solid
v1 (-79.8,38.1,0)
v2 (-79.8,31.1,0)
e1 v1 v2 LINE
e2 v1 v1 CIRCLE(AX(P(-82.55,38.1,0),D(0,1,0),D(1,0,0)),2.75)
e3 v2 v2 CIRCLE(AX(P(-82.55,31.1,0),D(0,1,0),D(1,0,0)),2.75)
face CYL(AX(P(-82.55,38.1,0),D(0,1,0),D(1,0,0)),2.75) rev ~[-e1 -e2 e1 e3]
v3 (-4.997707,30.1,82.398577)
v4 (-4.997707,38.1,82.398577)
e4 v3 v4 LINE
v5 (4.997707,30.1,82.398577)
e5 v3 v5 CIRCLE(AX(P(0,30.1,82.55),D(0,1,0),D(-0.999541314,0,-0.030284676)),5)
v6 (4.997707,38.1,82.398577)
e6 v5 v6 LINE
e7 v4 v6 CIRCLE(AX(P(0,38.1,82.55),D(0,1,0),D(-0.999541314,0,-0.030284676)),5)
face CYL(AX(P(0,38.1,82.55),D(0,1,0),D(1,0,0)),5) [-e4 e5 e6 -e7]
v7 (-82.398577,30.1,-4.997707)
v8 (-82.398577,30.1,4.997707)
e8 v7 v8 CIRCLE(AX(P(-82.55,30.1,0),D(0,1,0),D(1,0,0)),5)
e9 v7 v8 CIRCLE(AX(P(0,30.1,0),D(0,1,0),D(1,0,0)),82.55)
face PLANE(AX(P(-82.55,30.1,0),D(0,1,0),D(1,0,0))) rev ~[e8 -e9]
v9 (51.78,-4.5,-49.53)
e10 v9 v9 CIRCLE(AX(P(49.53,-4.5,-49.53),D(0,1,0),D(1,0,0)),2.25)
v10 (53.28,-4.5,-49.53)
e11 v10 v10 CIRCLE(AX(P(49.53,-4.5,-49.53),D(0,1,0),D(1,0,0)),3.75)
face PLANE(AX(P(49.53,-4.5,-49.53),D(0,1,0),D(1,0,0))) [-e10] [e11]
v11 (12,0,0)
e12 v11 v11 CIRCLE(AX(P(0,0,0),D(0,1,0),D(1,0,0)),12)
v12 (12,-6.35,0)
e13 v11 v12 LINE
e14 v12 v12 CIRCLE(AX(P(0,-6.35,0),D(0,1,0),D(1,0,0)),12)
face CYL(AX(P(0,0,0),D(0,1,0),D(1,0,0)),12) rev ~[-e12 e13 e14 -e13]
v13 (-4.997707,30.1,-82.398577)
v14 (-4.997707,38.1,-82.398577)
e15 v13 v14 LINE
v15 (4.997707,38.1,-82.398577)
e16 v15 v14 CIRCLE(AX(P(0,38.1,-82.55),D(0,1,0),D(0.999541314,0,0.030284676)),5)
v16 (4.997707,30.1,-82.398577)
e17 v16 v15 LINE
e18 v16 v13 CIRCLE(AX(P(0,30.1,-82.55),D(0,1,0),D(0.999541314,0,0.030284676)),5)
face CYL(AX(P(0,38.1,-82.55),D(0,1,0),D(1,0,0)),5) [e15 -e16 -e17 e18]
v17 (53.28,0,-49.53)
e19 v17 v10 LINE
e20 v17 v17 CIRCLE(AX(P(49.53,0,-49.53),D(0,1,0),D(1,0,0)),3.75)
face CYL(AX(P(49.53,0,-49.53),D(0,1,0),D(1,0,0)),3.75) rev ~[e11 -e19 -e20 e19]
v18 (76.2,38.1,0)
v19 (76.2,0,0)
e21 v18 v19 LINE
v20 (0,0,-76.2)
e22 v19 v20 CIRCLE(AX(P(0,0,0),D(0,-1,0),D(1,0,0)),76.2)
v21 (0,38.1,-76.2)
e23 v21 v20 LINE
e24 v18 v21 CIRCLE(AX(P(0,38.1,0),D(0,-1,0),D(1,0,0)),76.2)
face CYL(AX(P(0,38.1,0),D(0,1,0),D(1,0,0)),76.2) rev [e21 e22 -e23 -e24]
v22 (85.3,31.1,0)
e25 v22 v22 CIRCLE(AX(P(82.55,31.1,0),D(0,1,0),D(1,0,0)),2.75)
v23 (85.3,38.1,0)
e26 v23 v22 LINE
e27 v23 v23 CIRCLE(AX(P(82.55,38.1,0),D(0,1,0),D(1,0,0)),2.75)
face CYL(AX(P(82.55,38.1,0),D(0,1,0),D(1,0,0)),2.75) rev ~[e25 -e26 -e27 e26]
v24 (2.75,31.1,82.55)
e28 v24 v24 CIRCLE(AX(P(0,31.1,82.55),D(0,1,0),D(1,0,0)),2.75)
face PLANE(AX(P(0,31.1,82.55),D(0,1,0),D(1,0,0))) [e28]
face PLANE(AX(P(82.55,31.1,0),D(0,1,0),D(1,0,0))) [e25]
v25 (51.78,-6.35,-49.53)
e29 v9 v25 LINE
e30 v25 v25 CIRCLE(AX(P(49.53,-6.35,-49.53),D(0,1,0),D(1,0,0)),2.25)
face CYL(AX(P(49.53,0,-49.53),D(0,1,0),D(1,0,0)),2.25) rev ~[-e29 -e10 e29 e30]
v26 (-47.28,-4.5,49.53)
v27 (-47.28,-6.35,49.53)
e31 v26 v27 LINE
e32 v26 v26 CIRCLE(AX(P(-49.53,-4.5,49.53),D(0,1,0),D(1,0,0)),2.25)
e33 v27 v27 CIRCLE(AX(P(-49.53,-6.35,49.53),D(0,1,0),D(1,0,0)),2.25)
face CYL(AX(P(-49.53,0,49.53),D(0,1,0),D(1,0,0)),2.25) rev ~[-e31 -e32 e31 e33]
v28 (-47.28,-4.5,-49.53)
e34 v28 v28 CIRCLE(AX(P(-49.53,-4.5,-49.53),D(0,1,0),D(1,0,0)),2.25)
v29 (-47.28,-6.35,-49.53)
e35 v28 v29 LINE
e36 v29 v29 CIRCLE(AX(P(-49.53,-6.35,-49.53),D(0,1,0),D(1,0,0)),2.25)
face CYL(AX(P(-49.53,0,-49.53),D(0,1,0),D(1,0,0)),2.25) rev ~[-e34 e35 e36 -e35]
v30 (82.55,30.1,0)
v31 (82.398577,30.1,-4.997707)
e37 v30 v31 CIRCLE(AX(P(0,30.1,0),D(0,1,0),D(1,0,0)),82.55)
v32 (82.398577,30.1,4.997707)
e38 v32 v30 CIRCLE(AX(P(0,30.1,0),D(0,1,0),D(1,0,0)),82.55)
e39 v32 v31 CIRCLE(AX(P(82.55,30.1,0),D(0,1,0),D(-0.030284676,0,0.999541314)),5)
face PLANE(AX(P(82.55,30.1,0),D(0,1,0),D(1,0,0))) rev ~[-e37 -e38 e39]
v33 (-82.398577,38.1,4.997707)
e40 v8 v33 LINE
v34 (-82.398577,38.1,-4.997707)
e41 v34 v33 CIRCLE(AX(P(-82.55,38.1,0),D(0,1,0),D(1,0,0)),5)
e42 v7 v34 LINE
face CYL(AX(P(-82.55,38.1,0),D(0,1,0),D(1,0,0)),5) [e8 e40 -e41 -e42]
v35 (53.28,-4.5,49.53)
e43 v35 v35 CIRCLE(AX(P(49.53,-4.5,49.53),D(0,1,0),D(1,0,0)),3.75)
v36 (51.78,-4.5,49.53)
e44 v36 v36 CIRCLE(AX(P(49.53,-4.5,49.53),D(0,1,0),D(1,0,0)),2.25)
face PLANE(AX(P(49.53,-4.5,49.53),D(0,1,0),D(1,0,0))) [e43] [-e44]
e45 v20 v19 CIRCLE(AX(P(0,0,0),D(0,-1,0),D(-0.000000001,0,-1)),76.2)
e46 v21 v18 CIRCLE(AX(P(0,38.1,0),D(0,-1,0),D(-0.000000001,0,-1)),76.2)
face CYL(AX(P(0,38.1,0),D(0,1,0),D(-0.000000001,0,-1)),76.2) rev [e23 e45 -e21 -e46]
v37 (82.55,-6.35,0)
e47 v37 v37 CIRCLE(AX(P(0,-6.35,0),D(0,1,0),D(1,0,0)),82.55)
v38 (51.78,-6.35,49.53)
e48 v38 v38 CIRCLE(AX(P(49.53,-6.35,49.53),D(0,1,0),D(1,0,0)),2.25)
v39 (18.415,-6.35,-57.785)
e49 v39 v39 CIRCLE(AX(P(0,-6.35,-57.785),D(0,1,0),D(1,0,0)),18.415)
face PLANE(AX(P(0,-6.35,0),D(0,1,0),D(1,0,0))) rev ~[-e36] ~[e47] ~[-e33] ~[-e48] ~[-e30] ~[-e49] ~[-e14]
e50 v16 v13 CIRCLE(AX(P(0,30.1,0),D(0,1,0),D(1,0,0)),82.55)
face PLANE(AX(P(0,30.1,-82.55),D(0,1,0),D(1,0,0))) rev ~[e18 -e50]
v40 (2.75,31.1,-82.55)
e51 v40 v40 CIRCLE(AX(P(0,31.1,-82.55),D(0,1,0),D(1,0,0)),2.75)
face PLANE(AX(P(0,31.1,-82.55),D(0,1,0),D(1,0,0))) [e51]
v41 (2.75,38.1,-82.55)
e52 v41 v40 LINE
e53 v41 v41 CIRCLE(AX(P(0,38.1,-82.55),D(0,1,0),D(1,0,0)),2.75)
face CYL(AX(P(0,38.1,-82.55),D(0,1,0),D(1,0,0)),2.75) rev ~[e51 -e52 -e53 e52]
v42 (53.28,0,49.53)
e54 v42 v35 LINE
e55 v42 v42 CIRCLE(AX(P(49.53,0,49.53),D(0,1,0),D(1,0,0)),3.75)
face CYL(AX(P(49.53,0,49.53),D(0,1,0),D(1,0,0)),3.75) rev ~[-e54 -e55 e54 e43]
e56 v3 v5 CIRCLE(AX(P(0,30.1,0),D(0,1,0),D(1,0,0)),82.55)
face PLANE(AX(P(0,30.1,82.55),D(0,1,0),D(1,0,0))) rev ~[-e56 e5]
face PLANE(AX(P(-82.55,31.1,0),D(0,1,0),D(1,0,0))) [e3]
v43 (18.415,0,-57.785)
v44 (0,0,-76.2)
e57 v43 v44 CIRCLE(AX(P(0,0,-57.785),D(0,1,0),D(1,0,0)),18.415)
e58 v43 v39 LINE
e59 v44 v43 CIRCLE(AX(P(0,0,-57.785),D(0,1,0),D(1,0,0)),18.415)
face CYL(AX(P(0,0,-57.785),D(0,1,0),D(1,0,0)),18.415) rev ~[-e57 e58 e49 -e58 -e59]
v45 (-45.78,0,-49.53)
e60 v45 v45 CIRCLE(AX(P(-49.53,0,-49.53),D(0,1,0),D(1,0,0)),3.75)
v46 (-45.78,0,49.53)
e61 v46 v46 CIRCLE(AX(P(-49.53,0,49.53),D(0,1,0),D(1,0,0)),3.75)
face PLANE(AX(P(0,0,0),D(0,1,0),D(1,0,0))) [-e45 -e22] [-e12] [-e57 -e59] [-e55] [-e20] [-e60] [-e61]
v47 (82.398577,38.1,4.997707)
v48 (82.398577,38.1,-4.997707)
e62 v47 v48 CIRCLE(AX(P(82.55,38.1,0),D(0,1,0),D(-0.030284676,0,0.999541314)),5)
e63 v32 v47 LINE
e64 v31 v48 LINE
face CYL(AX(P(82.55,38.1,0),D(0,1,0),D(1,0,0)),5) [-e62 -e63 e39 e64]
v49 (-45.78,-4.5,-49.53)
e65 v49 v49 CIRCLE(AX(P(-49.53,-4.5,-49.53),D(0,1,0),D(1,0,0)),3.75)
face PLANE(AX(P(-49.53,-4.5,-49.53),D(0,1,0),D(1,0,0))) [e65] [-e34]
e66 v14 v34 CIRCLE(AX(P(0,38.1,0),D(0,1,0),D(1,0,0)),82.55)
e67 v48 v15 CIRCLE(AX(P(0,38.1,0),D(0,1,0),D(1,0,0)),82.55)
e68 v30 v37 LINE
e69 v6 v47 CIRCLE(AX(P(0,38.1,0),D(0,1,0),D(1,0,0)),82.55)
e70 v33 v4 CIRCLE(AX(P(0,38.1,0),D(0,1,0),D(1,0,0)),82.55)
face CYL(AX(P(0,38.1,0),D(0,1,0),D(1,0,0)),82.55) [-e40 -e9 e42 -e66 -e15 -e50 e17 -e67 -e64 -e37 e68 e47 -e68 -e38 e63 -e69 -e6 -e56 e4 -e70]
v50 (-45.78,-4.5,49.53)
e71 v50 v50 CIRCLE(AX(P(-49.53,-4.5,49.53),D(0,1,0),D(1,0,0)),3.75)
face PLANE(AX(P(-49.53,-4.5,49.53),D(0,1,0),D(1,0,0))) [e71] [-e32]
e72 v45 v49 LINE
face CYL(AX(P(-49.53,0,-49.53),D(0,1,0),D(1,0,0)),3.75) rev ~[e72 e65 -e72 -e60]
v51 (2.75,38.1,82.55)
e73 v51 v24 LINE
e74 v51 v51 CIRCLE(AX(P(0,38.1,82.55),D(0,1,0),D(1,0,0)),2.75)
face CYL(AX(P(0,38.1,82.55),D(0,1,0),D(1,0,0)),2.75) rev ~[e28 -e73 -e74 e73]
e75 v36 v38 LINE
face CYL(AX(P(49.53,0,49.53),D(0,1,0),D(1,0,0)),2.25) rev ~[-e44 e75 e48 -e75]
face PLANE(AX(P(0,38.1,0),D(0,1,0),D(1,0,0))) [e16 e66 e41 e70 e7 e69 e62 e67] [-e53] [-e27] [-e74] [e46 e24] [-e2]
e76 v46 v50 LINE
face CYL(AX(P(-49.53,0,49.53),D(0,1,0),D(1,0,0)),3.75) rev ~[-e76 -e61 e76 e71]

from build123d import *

# Parameters (mm, degrees)
SKETCH1_R           = 82.55
SKETCH1_R_2         = 12
SKETCH1_R_3         = 18.415
BOSS_EXTRUDE1_DEPTH = 6.35
BOSS_EXTRUDE2_START = 38.1
SKETCH1_3_R         = 82.55
BOSS_EXTRUDE2_DEPTH = 38.1
SKETCH5_R           = 3.75
SKETCH5_R_2         = 2.25
CUT_EXTRUDE1_DEPTH  = 4.5
SKETCH5_4_R         = 2.25
CUT_EXTRUDE2_DEPTH  = 12.7
SKETCH6_R           = 5
BOSS_EXTRUDE3_DEPTH = 8
SKETCH6_3_R         = 2.75
CUT_EXTRUDE3_DEPTH  = 7


with BuildPart() as part:
    # Sketch1 → Boss-Extrude1 (new body)
    with BuildSketch(Plane(origin=(0, 0, 0), x_dir=(1, 0, 0), z_dir=(0, 1, 0))):
        Circle(SKETCH1_R)
        Circle(SKETCH1_R_2, mode=Mode.SUBTRACT)
        with Locations((0, 57.785)):
            Circle(SKETCH1_R_3, mode=Mode.SUBTRACT)
    extrude(amount=-BOSS_EXTRUDE1_DEPTH)

    # Sketch1<3> → Boss-Extrude2 (add)
    with BuildSketch(Plane(origin=(0, 0, 0), x_dir=(1, 0, 0), z_dir=(0, 1, 0)).offset(BOSS_EXTRUDE2_START)):
        Circle(SKETCH1_3_R)
        with BuildLine():
            ThreePointArc((-4.2e-08, 76.2), (53.881536712, 53.881536741), (76.2, 0))
            ThreePointArc((76.2, 0), (-53.881536712, -53.881536741), (-4.2e-08, 76.2))
        make_face(mode=Mode.SUBTRACT)
    extrude(amount=-BOSS_EXTRUDE2_DEPTH)

    # Sketch5 → Cut-Extrude1 (cut)
    # profile 1 of 4: a face of its own
    with BuildSketch(Plane(origin=(0, 0, 0), x_dir=(1, 0, 0), z_dir=(0, 1, 0))):
        with Locations((-49.53, -49.53)):
            Circle(SKETCH5_R)
        with Locations((-49.53, -49.53)):
            Circle(SKETCH5_R_2, mode=Mode.SUBTRACT)
    # profile 2 of 4: a face of its own
    with BuildSketch(Plane(origin=(0, 0, 0), x_dir=(1, 0, 0), z_dir=(0, 1, 0))):
        with Locations((-49.53, 49.53)):
            Circle(SKETCH5_R)
        with Locations((-49.53, 49.53)):
            Circle(SKETCH5_R_2, mode=Mode.SUBTRACT)
    # profile 3 of 4: a face of its own
    with BuildSketch(Plane(origin=(0, 0, 0), x_dir=(1, 0, 0), z_dir=(0, 1, 0))):
        with Locations((49.53, 49.53)):
            Circle(SKETCH5_R)
        with Locations((49.53, 49.53)):
            Circle(SKETCH5_R_2, mode=Mode.SUBTRACT)
    # profile 4 of 4: a face of its own
    with BuildSketch(Plane(origin=(0, 0, 0), x_dir=(1, 0, 0), z_dir=(0, 1, 0))):
        with Locations((49.53, -49.53)):
            Circle(SKETCH5_R)
        with Locations((49.53, -49.53)):
            Circle(SKETCH5_R_2, mode=Mode.SUBTRACT)
    extrude(amount=-CUT_EXTRUDE1_DEPTH, mode=Mode.SUBTRACT)

    # Sketch5<4> → Cut-Extrude2 (cut)
    with BuildSketch(Plane(origin=(0, 0, 0), x_dir=(1, 0, 0), z_dir=(0, 1, 0))):
        with Locations((-49.53, 49.53)):
            Circle(SKETCH5_4_R)
        with Locations((49.53, 49.53)):
            Circle(SKETCH5_4_R)
        with Locations((49.53, -49.53)):
            Circle(SKETCH5_4_R)
        with Locations((-49.53, -49.53)):
            Circle(SKETCH5_4_R)
    extrude(amount=-CUT_EXTRUDE2_DEPTH, mode=Mode.SUBTRACT)

    # Sketch6 → Boss-Extrude3 (add)
    with BuildSketch(Plane(origin=(0, 38.1, 0), x_dir=(1, 0, 0), z_dir=(0, 1, 0))):
        with Locations((-82.55, 0)):
            Circle(SKETCH6_R)
        with Locations((0, 82.55)):
            Circle(SKETCH6_R)
        with Locations((0, -82.55)):
            Circle(SKETCH6_R)
        with Locations((82.55, 0)):
            Circle(SKETCH6_R)
    extrude(amount=-BOSS_EXTRUDE3_DEPTH)

    # Sketch6<3> → Cut-Extrude3 (cut)
    with BuildSketch(Plane(origin=(0, 38.1, 0), x_dir=(1, 0, 0), z_dir=(0, 1, 0))):
        with Locations((-82.55, 0)):
            Circle(SKETCH6_3_R)
        with Locations((0, 82.55)):
            Circle(SKETCH6_3_R)
        with Locations((0, -82.55)):
            Circle(SKETCH6_3_R)
        with Locations((82.55, 0)):
            Circle(SKETCH6_3_R)
    extrude(amount=-CUT_EXTRUDE3_DEPTH, mode=Mode.SUBTRACT)


solid = part.part
